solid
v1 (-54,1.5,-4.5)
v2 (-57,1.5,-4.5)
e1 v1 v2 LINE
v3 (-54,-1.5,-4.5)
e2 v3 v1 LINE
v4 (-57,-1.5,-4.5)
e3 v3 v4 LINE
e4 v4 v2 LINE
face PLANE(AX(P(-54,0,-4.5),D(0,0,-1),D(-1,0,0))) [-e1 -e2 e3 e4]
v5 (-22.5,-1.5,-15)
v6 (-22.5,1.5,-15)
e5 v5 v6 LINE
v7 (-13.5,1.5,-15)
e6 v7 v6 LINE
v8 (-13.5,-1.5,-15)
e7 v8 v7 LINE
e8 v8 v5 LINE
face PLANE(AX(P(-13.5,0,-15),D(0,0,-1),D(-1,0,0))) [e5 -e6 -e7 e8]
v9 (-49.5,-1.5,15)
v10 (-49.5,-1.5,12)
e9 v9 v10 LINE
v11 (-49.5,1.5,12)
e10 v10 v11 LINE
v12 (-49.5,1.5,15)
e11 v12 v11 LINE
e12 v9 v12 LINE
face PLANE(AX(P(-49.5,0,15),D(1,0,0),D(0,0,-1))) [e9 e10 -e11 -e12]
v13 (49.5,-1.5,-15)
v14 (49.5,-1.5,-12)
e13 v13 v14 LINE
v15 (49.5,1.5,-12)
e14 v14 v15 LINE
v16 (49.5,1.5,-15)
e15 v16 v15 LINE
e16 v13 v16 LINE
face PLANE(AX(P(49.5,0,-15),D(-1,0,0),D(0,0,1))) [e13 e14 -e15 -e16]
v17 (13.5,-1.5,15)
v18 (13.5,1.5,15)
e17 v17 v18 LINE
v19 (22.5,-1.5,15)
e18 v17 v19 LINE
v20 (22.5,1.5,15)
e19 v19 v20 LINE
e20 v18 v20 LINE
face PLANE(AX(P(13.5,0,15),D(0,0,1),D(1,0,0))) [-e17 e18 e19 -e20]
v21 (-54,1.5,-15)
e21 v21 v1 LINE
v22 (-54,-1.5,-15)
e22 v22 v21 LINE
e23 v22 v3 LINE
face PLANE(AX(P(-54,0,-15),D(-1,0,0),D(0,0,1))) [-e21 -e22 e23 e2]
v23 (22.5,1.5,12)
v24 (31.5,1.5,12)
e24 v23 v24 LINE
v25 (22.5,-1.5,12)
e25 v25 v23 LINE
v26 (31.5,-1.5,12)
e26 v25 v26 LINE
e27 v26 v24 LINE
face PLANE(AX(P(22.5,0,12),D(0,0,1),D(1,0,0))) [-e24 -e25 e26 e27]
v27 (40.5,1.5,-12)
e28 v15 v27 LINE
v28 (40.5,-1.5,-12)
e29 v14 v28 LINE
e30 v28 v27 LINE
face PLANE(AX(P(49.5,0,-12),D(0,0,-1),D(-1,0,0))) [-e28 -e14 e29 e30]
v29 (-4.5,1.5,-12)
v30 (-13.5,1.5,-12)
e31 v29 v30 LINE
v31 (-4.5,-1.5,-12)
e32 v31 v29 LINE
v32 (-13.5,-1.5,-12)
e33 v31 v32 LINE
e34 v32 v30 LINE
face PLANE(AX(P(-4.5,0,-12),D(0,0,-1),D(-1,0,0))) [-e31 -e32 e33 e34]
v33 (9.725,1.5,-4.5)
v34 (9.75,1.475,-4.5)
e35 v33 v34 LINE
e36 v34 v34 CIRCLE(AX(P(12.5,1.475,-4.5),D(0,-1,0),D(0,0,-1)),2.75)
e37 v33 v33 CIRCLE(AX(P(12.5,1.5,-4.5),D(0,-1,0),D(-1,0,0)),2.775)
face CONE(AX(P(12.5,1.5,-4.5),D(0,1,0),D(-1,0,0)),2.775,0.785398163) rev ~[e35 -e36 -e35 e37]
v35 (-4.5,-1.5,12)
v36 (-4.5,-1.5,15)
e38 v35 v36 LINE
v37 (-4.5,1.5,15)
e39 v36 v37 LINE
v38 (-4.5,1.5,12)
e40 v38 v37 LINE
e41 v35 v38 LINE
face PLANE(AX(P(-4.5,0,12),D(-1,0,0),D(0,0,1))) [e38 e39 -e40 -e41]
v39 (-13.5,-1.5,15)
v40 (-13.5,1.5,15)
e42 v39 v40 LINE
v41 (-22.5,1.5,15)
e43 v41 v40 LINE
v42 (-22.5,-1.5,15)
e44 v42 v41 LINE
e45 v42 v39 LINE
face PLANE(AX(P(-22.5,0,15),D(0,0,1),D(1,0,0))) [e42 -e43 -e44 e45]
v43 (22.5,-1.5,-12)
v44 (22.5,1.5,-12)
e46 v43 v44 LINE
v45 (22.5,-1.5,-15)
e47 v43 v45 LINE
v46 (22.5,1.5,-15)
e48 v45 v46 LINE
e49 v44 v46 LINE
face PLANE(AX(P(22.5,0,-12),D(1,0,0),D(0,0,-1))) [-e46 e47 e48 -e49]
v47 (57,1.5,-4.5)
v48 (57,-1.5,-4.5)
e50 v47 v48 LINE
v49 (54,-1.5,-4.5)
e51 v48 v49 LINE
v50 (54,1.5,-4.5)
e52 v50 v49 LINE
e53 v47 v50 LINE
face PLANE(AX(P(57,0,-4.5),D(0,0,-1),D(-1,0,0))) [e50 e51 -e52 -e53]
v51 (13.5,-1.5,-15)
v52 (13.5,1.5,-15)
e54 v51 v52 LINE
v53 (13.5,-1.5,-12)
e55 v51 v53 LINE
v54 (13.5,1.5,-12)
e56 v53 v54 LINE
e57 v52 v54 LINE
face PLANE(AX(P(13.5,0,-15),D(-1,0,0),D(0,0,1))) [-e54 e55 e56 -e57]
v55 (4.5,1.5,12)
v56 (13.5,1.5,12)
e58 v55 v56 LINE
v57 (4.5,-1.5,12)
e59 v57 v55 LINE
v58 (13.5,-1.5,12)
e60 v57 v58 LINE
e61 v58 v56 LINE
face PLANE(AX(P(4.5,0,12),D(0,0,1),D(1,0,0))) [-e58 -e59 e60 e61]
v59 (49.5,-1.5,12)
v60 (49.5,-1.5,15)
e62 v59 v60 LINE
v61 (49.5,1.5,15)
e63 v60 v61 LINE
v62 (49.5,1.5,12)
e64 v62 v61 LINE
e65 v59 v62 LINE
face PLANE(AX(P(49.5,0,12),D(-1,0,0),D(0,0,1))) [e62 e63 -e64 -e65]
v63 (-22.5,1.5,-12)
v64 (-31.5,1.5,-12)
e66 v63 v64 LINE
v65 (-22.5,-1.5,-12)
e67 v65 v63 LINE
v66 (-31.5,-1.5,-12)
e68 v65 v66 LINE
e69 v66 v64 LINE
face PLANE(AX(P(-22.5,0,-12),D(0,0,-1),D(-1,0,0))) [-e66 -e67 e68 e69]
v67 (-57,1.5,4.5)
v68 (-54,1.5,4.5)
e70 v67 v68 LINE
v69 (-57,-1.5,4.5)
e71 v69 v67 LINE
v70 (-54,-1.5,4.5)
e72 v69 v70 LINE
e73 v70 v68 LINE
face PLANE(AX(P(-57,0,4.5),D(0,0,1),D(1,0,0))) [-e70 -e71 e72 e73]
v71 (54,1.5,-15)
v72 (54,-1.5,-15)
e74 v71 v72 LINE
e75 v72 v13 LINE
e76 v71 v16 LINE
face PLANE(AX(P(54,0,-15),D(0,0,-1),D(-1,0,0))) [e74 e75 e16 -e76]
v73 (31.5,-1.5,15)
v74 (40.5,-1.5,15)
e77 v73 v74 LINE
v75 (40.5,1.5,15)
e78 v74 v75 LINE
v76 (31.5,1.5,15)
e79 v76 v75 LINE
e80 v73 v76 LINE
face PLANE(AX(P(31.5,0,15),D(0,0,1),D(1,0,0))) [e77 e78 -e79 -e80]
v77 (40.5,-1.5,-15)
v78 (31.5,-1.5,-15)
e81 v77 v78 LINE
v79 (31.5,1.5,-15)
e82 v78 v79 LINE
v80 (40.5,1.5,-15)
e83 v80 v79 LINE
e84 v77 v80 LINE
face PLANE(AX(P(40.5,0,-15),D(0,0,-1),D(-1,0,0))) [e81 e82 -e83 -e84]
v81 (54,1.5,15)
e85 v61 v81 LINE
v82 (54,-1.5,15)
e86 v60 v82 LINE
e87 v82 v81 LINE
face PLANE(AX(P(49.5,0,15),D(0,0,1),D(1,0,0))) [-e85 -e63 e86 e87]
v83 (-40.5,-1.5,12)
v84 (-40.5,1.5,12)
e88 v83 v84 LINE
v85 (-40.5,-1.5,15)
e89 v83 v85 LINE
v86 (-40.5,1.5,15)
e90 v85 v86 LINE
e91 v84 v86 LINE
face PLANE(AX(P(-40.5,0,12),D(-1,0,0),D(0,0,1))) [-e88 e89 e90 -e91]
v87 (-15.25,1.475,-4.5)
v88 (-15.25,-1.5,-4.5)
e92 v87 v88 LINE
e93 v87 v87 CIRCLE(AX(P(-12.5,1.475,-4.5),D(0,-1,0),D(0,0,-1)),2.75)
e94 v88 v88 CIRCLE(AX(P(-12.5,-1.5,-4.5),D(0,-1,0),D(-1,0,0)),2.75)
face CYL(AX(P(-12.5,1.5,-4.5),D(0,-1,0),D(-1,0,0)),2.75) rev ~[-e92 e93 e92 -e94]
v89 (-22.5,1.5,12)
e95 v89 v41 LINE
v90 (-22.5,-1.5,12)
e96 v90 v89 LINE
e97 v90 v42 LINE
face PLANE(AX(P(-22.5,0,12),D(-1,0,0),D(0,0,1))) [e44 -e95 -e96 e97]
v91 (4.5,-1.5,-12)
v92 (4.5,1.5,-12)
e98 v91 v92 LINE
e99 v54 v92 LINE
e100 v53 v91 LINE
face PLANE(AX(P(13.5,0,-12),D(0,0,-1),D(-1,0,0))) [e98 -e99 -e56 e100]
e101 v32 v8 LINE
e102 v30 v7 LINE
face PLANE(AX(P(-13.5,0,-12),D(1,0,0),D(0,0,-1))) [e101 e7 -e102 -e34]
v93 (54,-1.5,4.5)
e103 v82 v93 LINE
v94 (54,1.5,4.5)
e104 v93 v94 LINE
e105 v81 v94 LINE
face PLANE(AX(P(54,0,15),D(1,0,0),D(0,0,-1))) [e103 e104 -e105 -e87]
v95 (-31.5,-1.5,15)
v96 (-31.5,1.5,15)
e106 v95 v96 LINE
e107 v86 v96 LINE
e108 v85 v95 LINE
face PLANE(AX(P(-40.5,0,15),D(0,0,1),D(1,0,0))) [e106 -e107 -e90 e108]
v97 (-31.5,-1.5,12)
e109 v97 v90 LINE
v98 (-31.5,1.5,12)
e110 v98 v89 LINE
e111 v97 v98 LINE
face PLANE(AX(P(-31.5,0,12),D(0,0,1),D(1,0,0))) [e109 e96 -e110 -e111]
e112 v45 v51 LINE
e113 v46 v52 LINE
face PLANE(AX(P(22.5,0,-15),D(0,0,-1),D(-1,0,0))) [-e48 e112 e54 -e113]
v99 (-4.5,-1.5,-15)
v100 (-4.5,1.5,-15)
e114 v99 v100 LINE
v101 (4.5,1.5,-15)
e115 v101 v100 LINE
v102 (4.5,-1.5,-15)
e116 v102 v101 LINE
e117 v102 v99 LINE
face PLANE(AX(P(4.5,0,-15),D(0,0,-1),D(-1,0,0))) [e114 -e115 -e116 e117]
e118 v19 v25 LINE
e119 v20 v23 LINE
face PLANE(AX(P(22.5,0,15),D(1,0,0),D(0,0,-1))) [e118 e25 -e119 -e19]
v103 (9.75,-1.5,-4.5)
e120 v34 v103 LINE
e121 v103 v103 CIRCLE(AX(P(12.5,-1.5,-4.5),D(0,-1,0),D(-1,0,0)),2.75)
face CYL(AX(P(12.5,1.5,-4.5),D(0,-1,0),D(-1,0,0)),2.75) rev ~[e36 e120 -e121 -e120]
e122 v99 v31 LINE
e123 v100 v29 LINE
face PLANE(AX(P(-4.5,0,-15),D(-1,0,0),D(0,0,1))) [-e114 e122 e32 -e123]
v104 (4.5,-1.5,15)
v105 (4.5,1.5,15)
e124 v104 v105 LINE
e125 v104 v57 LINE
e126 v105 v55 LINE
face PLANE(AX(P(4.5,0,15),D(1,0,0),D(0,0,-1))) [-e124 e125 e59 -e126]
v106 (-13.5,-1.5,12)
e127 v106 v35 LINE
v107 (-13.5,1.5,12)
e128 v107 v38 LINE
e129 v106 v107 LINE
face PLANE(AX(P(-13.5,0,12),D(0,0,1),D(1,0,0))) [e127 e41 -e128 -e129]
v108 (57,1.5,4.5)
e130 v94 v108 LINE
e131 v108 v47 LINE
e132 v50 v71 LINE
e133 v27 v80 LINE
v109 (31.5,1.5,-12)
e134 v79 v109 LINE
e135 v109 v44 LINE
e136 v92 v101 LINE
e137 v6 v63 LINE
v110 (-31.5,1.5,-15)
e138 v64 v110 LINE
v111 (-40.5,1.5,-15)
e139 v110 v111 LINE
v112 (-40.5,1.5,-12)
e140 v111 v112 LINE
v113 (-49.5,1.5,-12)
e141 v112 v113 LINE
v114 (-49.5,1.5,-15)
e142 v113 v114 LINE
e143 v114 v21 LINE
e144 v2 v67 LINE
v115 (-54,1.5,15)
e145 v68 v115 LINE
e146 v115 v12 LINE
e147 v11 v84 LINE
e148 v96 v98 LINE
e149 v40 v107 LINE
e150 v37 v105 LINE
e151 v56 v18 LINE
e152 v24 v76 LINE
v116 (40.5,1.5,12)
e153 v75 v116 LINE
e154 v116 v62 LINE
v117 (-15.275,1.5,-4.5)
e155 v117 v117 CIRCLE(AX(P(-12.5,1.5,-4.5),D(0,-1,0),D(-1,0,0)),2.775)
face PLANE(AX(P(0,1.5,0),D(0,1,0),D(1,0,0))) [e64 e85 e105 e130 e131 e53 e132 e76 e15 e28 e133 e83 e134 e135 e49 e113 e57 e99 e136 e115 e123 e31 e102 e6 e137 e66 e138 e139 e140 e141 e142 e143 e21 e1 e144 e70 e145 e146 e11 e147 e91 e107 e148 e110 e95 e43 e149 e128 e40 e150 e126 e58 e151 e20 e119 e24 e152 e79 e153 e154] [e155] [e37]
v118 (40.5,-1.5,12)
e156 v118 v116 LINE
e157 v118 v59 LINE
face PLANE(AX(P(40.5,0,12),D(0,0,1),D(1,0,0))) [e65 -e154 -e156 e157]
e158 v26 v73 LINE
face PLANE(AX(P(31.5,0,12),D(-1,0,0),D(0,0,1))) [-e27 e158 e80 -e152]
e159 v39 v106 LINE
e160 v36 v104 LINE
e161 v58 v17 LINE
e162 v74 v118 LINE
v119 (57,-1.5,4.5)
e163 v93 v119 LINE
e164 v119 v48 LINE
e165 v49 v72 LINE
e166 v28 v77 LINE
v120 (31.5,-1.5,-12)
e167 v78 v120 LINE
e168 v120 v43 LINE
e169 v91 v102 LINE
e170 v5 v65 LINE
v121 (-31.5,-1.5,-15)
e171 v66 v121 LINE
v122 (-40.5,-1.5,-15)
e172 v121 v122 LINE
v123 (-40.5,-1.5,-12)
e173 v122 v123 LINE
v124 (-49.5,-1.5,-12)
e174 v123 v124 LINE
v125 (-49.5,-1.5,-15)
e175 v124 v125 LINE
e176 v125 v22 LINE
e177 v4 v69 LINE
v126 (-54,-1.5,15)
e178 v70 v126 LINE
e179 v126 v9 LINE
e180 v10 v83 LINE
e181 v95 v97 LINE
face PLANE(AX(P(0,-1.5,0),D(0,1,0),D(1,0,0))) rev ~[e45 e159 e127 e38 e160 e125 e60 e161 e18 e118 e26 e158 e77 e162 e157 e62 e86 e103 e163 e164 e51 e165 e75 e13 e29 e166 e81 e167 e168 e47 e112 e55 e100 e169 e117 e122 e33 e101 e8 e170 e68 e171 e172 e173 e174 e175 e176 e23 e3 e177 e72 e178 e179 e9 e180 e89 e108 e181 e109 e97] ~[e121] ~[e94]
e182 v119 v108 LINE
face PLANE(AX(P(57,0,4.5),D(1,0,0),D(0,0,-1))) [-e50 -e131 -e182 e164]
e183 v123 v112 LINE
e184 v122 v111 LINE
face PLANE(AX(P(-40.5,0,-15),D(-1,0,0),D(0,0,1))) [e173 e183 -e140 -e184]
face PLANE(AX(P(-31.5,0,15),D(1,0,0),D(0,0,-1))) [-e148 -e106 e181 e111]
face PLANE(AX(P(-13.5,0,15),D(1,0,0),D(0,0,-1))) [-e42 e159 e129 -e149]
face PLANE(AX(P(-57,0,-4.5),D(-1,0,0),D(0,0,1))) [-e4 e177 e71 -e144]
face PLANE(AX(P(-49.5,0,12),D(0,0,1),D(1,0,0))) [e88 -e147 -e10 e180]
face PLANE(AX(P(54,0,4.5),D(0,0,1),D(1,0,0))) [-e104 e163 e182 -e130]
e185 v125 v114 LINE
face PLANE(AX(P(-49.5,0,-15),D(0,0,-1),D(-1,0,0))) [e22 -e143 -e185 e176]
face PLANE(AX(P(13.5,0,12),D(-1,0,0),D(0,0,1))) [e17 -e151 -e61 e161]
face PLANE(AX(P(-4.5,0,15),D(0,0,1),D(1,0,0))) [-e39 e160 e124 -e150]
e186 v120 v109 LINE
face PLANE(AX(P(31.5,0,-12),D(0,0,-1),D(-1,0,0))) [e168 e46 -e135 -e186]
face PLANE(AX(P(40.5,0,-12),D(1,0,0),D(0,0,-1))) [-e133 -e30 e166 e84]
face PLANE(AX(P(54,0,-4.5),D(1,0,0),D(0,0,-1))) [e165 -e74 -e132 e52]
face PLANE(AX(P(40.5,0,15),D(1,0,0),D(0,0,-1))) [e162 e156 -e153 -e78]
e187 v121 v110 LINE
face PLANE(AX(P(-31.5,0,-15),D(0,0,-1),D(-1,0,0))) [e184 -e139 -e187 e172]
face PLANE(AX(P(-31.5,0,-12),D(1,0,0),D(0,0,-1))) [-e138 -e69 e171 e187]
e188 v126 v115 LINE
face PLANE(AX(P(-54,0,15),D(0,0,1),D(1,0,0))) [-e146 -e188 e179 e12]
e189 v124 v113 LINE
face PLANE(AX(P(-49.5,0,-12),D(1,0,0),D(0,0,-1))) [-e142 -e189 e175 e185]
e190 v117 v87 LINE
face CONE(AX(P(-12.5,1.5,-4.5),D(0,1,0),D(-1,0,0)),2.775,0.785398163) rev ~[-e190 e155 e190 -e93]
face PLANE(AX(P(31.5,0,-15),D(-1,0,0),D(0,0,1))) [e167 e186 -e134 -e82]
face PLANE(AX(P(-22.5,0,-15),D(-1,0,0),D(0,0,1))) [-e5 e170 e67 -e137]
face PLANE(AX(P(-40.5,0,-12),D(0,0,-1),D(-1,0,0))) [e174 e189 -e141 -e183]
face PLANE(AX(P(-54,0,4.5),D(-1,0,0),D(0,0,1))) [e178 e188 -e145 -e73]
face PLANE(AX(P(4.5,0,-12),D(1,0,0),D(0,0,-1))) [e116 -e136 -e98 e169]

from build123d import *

# Parameters (mm, degrees)
BOSS_EXTRUDE1_DEPTH            = 1.5
M5_CLEARANCE_HOLE1_D           = 5.5
M5_CLEARANCE_HOLE1_CSINK_D     = 5.55
M5_CLEARANCE_HOLE1_CSINK_ANGLE = 90


with BuildPart() as part:
    # Sketch1 → Boss-Extrude1 (new, symmetric)
    with BuildSketch(Plane(origin=(0, 0, 0), x_dir=(1, 0, 0), z_dir=(0, 1, 0))):
        Polygon((54, 15), (49.5, 15), (49.5, 12), (40.5, 12), (40.5, 15), (31.5, 15), (31.5, 12), (22.5, 12), (22.5, 15), (13.5, 15), (13.5, 12), (4.5, 12), (4.5, 15), (-4.5, 15), (-4.5, 12), (-13.5, 12), (-13.5, 15), (-22.5, 15), (-22.5, 12), (-31.5, 12), (-31.5, 15), (-40.5, 15), (-40.5, 12), (-49.5, 12), (-49.5, 15), (-54, 15), (-54, 12), (-54, 4.5), (-57, 4.5), (-57, -4.5), (-54, -4.5), (-54, -12), (-54, -15), (-49.5, -15), (-49.5, -12), (-40.5, -12), (-40.5, -15), (-31.5, -15), (-31.5, -12), (-22.5, -12), (-22.5, -15), (-13.5, -15), (-13.5, -12), (-4.5, -12), (-4.5, -15), (4.5, -15), (4.5, -12), (13.5, -12), (13.5, -15), (22.5, -15), (22.5, -12), (31.5, -12), (31.5, -15), (40.5, -15), (40.5, -12), (49.5, -12), (49.5, -15), (54, -15), (54, -12), (54, -4.5), (57, -4.5), (57, 4.5), (54, 4.5), (54, 12), align=None)
    extrude(amount=BOSS_EXTRUDE1_DEPTH, both=True)

    # M5 Clearance Hole1 (through all)
    with Locations(Plane(origin=(0, 1.5, 0), x_dir=(1, 0, 0), z_dir=(0, 1, 0))):
        with Locations((-12.5, 4.5), (12.5, 4.5)):
            CounterSinkHole(M5_CLEARANCE_HOLE1_D / 2, M5_CLEARANCE_HOLE1_CSINK_D / 2, counter_sink_angle=M5_CLEARANCE_HOLE1_CSINK_ANGLE)


solid = part.part
